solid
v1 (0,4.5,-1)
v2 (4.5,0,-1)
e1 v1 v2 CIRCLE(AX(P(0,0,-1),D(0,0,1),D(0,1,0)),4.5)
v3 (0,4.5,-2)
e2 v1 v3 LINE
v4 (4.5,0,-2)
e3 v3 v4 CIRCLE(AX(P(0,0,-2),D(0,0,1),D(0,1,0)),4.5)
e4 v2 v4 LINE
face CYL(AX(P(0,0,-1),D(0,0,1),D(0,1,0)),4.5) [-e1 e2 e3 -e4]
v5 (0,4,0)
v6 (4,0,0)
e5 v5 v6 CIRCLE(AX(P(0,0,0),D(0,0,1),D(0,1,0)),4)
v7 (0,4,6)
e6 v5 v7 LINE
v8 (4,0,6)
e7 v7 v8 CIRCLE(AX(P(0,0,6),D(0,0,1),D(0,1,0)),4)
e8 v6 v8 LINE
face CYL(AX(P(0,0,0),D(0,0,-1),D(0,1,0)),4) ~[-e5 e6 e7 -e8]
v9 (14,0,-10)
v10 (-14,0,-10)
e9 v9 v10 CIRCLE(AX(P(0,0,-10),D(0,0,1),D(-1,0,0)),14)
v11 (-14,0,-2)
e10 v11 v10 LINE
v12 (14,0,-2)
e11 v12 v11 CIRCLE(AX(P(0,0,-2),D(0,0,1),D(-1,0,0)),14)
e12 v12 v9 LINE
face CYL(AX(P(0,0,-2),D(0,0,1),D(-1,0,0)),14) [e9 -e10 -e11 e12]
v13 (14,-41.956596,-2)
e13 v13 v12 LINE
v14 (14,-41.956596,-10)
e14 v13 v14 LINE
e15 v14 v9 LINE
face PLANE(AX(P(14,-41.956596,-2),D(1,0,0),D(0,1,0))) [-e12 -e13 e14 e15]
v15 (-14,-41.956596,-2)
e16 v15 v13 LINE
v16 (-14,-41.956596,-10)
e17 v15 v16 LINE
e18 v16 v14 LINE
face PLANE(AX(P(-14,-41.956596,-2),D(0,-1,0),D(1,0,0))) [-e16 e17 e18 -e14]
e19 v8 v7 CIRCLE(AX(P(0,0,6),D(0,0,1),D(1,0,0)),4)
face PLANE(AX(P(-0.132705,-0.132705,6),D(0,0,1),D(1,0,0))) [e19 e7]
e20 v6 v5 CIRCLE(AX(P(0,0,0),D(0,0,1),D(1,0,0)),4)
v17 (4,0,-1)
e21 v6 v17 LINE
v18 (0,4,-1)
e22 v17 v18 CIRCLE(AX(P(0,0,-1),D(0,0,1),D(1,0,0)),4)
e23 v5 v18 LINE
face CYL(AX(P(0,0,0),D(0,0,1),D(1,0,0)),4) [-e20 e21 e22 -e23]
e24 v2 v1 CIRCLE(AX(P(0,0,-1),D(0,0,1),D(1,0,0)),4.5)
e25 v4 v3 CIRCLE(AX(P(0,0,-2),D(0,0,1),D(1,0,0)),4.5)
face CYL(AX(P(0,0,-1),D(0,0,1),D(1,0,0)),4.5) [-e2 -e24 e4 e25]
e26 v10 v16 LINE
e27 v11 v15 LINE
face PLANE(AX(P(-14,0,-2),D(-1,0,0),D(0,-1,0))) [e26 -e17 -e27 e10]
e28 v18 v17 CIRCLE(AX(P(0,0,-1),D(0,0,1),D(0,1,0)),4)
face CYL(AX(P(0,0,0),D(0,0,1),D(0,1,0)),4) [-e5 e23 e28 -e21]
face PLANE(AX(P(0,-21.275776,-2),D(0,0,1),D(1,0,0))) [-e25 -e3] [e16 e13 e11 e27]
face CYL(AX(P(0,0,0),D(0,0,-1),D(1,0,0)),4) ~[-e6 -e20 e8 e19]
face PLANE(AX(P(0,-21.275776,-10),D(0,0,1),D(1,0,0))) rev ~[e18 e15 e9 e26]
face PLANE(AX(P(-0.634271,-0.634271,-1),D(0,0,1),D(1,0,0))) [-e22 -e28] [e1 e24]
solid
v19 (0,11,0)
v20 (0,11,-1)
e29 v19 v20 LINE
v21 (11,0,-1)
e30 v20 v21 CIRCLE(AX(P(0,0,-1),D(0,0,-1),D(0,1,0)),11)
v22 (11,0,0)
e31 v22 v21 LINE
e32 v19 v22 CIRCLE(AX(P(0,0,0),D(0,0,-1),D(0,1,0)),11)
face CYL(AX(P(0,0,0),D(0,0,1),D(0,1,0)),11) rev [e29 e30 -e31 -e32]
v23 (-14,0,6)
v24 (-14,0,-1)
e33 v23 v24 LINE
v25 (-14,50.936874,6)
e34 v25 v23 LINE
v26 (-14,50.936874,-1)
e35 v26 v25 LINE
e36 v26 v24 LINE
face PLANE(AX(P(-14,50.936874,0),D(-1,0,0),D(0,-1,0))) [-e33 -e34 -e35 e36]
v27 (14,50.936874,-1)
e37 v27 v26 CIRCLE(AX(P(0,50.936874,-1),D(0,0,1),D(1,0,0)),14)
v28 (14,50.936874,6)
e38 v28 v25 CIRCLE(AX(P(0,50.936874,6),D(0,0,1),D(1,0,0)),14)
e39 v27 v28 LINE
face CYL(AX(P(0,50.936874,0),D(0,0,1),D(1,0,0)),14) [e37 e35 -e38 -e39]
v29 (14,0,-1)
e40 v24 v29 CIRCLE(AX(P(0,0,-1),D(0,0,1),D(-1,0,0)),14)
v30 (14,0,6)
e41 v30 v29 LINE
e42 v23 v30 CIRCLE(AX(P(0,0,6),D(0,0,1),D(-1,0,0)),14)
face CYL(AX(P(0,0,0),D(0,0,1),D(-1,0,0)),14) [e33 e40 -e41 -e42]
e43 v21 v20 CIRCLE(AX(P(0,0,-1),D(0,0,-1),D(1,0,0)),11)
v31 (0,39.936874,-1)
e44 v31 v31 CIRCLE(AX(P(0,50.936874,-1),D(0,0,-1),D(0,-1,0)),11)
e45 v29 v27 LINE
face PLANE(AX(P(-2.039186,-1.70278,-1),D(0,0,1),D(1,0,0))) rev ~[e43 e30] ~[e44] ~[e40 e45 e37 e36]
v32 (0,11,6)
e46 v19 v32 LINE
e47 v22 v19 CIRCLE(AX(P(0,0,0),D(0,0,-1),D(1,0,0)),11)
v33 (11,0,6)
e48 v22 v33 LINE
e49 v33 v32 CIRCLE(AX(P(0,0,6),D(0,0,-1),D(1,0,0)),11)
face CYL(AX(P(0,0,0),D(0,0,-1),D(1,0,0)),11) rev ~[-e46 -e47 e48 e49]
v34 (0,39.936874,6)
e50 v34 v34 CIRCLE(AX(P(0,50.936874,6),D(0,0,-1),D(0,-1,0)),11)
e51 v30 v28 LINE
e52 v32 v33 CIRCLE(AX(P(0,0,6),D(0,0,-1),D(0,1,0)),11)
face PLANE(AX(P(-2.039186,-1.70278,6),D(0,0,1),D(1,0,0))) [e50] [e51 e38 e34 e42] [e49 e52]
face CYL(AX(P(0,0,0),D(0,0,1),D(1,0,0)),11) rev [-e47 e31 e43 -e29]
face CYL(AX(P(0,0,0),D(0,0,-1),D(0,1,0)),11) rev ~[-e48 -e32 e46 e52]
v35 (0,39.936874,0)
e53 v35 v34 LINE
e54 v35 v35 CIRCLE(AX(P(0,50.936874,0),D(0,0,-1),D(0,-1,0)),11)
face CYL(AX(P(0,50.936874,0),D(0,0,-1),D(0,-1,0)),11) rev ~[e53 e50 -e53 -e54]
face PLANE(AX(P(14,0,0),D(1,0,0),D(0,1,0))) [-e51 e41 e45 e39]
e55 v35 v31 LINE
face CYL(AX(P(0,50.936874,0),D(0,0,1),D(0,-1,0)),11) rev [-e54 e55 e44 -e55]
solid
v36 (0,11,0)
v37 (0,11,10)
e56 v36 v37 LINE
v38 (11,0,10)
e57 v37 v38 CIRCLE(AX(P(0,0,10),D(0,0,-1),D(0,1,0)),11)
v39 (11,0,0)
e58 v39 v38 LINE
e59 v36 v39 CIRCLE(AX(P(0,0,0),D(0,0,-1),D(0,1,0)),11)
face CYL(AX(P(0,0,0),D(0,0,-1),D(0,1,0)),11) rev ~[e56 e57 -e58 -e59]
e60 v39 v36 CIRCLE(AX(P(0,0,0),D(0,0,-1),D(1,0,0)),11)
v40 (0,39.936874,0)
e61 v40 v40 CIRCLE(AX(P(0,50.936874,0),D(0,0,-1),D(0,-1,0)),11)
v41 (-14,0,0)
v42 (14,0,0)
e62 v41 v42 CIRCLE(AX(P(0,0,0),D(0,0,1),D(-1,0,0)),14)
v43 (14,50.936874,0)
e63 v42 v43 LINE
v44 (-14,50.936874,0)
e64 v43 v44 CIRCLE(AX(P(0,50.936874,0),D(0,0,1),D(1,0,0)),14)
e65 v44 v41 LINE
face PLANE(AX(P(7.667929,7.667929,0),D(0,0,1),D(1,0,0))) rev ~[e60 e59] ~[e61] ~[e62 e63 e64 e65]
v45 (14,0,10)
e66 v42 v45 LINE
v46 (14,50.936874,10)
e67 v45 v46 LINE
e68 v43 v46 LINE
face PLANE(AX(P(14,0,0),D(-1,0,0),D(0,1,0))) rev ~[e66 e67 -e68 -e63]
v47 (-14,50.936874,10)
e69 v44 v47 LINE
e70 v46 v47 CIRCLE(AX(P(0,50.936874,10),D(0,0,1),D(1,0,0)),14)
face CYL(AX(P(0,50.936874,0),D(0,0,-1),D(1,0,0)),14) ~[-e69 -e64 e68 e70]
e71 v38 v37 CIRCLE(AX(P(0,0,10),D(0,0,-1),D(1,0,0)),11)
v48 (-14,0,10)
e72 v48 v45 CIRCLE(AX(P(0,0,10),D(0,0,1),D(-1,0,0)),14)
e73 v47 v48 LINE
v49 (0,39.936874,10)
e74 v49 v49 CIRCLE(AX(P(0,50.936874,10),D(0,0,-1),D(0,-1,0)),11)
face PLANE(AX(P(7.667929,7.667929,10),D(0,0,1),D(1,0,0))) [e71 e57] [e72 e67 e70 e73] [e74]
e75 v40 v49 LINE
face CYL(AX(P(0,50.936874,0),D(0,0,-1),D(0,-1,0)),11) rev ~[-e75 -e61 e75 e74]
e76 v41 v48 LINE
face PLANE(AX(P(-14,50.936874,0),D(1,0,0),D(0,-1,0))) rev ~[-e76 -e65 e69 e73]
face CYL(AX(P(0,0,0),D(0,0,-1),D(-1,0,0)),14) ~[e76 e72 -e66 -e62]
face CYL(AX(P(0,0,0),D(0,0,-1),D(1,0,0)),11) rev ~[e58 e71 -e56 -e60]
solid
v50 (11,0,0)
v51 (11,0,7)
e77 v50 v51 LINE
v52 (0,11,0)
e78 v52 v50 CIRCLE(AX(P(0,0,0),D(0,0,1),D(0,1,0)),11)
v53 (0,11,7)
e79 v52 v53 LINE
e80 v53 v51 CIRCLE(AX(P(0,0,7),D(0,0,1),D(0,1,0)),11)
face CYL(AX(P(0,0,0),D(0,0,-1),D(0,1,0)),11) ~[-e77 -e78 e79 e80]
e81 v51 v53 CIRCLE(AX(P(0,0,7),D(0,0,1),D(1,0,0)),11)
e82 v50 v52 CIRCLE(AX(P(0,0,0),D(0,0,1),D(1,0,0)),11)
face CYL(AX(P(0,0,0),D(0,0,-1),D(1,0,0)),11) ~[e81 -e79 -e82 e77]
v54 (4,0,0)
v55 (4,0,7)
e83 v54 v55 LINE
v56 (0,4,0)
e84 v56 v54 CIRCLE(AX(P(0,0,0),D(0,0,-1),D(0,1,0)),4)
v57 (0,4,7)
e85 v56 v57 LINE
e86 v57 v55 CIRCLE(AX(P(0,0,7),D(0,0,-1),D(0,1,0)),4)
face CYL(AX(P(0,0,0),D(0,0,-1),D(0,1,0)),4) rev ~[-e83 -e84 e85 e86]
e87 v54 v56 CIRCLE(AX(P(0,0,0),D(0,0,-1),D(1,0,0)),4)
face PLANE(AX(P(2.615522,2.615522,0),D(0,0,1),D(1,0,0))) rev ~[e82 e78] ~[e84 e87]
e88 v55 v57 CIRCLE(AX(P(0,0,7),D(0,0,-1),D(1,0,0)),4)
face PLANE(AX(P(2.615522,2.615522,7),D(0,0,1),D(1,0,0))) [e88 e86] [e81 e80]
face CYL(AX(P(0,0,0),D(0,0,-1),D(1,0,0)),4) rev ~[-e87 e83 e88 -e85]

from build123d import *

# Parameters (mm, degrees)
F1_DEPTH      = 7
F2_DEPTH      = 10
F3_DEPTH      = 6
F3_DEPTH_BACK = 1
F4_START      = -1
F4_DEPTH      = 6.2
F6_START      = -2
F6_DEPTH      = 8
F7_START      = -2
F7_DEPTH      = 8
F8_DEPTH      = 6
F8_DEPTH_BACK = 1


with BuildPart() as f1:
    # F0 (on Top) → F1 (new body)
    with BuildSketch(Plane.XY):
        with BuildLine():
            ThreePointArc((0, 4), (2.8284271247, 2.8284271247), (4, 0))
            Line((4, 0), (4.5, 0))
            ThreePointArc((4.5, 0), (3.1819805153, 3.1819805153), (0, 4.5))
            Line((0, 4.5), (0, 4))
        make_face()
        with BuildLine():
            Line((4.5, 0), (4, 0))
            ThreePointArc((4, 0), (-2.8284271247, -2.8284271247), (0, 4))
            Line((0, 4), (0, 4.5))
            ThreePointArc((0, 4.5), (-3.1819805153, -3.1819805153), (4.5, 0))
        make_face()
        with BuildLine():
            ThreePointArc((0, 4.5), (3.1819805153, 3.1819805153), (4.5, 0))
            Line((4.5, 0), (11, 0))
            ThreePointArc((11, 0), (7.7781745931, 7.7781745931), (0, 11))
            Line((0, 11), (0, 4.5))
        make_face()
        with BuildLine():
            Line((11, 0), (4.5, 0))
            ThreePointArc((4.5, 0), (-3.1819805153, -3.1819805153), (0, 4.5))
            Line((0, 4.5), (0, 11))
            ThreePointArc((0, 11), (-7.7781745931, -7.7781745931), (11, 0))
        make_face()
    extrude(amount=F1_DEPTH)


with BuildPart() as f2:
    # F0 (on Top) → F2 (new body)
    with BuildSketch(Plane.XY):
        with BuildLine():
            ThreePointArc((0, 11), (7.7781745931, 7.7781745931), (11, 0))
            Line((11, 0), (14, 0))
            ThreePointArc((14, 0), (9.8994949366, 9.8994949366), (0, 14))
            Line((0, 14), (0, 11))
        make_face()
        with BuildLine():
            Line((14, 0), (11, 0))
            ThreePointArc((11, 0), (-7.7781745931, -7.7781745931), (0, 11))
            Line((0, 11), (0, 14))
            ThreePointArc((0, 14), (-9.8994949366, 9.8994949366), (-14, 0))
            ThreePointArc((-14, 0), (0, -14), (14, 0))
        make_face()
        with BuildLine():
            ThreePointArc((0, 14), (9.8994949366, 9.8994949366), (14, 0))
            Line((14, 0), (14, 50.9368740022))
            ThreePointArc((14, 50.9368740022), (9.8994949366, 41.0373790656), (0, 36.9368740022))
            Line((0, 36.9368740022), (0, 14))
        make_face()
        with BuildLine():
            ThreePointArc((-14, 0), (-9.8994949366, 9.8994949366), (0, 14))
            Line((0, 14), (0, 36.9368740022))
            ThreePointArc((0, 36.9368740022), (-9.8994949366, 41.0373790656), (-14, 50.9368740022))
            Line((-14, 50.9368740022), (-14, 0))
        make_face()
        with BuildLine():
            Line((11, 50.9368740022), (14, 50.9368740022))
            ThreePointArc((14, 50.9368740022), (0, 64.9368740022), (-14, 50.9368740022))
            Line((-14, 50.9368740022), (-11, 50.9368740022))
            ThreePointArc((-11, 50.9368740022), (0, 61.9368740022), (11, 50.9368740022))
        make_face()
        with BuildLine():
            ThreePointArc((0, 36.9368740022), (9.8994949366, 41.0373790656), (14, 50.9368740022))
            Line((14, 50.9368740022), (11, 50.9368740022))
            ThreePointArc((11, 50.9368740022), (7.7781745931, 43.1586994092), (0, 39.9368740022))
            Line((0, 39.9368740022), (0, 36.9368740022))
        make_face()
        with BuildLine():
            ThreePointArc((-14, 50.9368740022), (-9.8994949366, 41.0373790656), (0, 36.9368740022))
            Line((0, 36.9368740022), (0, 39.9368740022))
            ThreePointArc((0, 39.9368740022), (-7.7781745931, 43.1586994092), (-11, 50.9368740022))
            Line((-11, 50.9368740022), (-14, 50.9368740022))
        make_face()
    extrude(amount=F2_DEPTH)


with BuildPart() as f3:
    # F0 (on Top) → F3 (new body, two sides)
    with BuildSketch(Plane.XY) as f3_sk:
        with BuildLine():
            ThreePointArc((0, 4), (-2.8284271247, -2.8284271247), (4, 0))
            Line((4, 0), (0, 0))
            Line((0, 0), (0, 4))
        make_face()
        with BuildLine():
            Line((0, 0), (4, 0))
            ThreePointArc((4, 0), (2.8284271247, 2.8284271247), (0, 4))
            Line((0, 4), (0, 0))
        make_face()
    extrude(amount=F3_DEPTH)
    extrude(f3_sk.sketch, amount=-F3_DEPTH_BACK)

    # F0 (on Top) → F4 (join)
    with BuildSketch(Plane.XY.offset(F4_START)):
        with BuildLine():
            Line((4.5, 0), (4, 0))
            ThreePointArc((4, 0), (-2.8284271247, -2.8284271247), (0, 4))
            Line((0, 4), (0, 4.5))
            ThreePointArc((0, 4.5), (-3.1819805153, -3.1819805153), (4.5, 0))
        make_face()
        with BuildLine():
            ThreePointArc((0, 4), (2.8284271247, 2.8284271247), (4, 0))
            Line((4, 0), (4.5, 0))
            ThreePointArc((4.5, 0), (3.1819805153, 3.1819805153), (0, 4.5))
            Line((0, 4.5), (0, 4))
        make_face()
        with BuildLine():
            Line((0, 0), (4, 0))
            ThreePointArc((4, 0), (2.8284271247, 2.8284271247), (0, 4))
            Line((0, 4), (0, 0))
        make_face()
        with BuildLine():
            ThreePointArc((0, 4), (-2.8284271247, -2.8284271247), (4, 0))
            Line((4, 0), (0, 0))
            Line((0, 0), (0, 4))
        make_face()
    extrude(amount=-F4_DEPTH)

    # F5 (on Top) → F6 (join)
    with BuildSketch(Plane.XY.offset(F6_START)):
        with BuildLine():
            Line((-14, 0), (14, 0))
            ThreePointArc((14, 0), (0, 14), (-14, 0))
        make_face()
        with BuildLine():
            ThreePointArc((-14, 0), (0, -14), (14, 0))
            Line((14, 0), (-14, 0))
        make_face()
    extrude(amount=-F6_DEPTH)

    # F5 (on Top) → F7 (join)
    with BuildSketch(Plane.XY.offset(F7_START)):
        with BuildLine():
            Line((14, -41.9565960765), (14, 0))
            ThreePointArc((14, 0), (0, -14), (-14, 0))
            Line((-14, 0), (-14, -41.9565960765))
            Line((-14, -41.9565960765), (14, -41.9565960765))
        make_face()
    extrude(amount=-F7_DEPTH)


with BuildPart() as f8:
    # F0 (on Top) → F8 (new body, two sides)
    with BuildSketch(Plane.XY) as f8_sk:
        with BuildLine():
            Line((14, 0), (11, 0))
            ThreePointArc((11, 0), (-7.7781745931, -7.7781745931), (0, 11))
            Line((0, 11), (0, 14))
            ThreePointArc((0, 14), (-9.8994949366, 9.8994949366), (-14, 0))
            ThreePointArc((-14, 0), (0, -14), (14, 0))
        make_face()
        with BuildLine():
            ThreePointArc((0, 11), (7.7781745931, 7.7781745931), (11, 0))
            Line((11, 0), (14, 0))
            ThreePointArc((14, 0), (9.8994949366, 9.8994949366), (0, 14))
            Line((0, 14), (0, 11))
        make_face()
        with BuildLine():
            ThreePointArc((0, 14), (9.8994949366, 9.8994949366), (14, 0))
            Line((14, 0), (14, 50.9368740022))
            ThreePointArc((14, 50.9368740022), (9.8994949366, 41.0373790656), (0, 36.9368740022))
            Line((0, 36.9368740022), (0, 14))
        make_face()
        with BuildLine():
            ThreePointArc((-14, 0), (-9.8994949366, 9.8994949366), (0, 14))
            Line((0, 14), (0, 36.9368740022))
            ThreePointArc((0, 36.9368740022), (-9.8994949366, 41.0373790656), (-14, 50.9368740022))
            Line((-14, 50.9368740022), (-14, 0))
        make_face()
        with BuildLine():
            ThreePointArc((-14, 50.9368740022), (-9.8994949366, 41.0373790656), (0, 36.9368740022))
            Line((0, 36.9368740022), (0, 39.9368740022))
            ThreePointArc((0, 39.9368740022), (-7.7781745931, 43.1586994092), (-11, 50.9368740022))
            Line((-11, 50.9368740022), (-14, 50.9368740022))
        make_face()
        with BuildLine():
            Line((11, 50.9368740022), (14, 50.9368740022))
            ThreePointArc((14, 50.9368740022), (0, 64.9368740022), (-14, 50.9368740022))
            Line((-14, 50.9368740022), (-11, 50.9368740022))
            ThreePointArc((-11, 50.9368740022), (0, 61.9368740022), (11, 50.9368740022))
        make_face()
        with BuildLine():
            ThreePointArc((0, 36.9368740022), (9.8994949366, 41.0373790656), (14, 50.9368740022))
            Line((14, 50.9368740022), (11, 50.9368740022))
            ThreePointArc((11, 50.9368740022), (7.7781745931, 43.1586994092), (0, 39.9368740022))
            Line((0, 39.9368740022), (0, 36.9368740022))
        make_face()
    extrude(amount=F8_DEPTH)
    extrude(f8_sk.sketch, amount=-F8_DEPTH_BACK)


solid = Compound([f1.part, f2.part, f3.part, f8.part])
